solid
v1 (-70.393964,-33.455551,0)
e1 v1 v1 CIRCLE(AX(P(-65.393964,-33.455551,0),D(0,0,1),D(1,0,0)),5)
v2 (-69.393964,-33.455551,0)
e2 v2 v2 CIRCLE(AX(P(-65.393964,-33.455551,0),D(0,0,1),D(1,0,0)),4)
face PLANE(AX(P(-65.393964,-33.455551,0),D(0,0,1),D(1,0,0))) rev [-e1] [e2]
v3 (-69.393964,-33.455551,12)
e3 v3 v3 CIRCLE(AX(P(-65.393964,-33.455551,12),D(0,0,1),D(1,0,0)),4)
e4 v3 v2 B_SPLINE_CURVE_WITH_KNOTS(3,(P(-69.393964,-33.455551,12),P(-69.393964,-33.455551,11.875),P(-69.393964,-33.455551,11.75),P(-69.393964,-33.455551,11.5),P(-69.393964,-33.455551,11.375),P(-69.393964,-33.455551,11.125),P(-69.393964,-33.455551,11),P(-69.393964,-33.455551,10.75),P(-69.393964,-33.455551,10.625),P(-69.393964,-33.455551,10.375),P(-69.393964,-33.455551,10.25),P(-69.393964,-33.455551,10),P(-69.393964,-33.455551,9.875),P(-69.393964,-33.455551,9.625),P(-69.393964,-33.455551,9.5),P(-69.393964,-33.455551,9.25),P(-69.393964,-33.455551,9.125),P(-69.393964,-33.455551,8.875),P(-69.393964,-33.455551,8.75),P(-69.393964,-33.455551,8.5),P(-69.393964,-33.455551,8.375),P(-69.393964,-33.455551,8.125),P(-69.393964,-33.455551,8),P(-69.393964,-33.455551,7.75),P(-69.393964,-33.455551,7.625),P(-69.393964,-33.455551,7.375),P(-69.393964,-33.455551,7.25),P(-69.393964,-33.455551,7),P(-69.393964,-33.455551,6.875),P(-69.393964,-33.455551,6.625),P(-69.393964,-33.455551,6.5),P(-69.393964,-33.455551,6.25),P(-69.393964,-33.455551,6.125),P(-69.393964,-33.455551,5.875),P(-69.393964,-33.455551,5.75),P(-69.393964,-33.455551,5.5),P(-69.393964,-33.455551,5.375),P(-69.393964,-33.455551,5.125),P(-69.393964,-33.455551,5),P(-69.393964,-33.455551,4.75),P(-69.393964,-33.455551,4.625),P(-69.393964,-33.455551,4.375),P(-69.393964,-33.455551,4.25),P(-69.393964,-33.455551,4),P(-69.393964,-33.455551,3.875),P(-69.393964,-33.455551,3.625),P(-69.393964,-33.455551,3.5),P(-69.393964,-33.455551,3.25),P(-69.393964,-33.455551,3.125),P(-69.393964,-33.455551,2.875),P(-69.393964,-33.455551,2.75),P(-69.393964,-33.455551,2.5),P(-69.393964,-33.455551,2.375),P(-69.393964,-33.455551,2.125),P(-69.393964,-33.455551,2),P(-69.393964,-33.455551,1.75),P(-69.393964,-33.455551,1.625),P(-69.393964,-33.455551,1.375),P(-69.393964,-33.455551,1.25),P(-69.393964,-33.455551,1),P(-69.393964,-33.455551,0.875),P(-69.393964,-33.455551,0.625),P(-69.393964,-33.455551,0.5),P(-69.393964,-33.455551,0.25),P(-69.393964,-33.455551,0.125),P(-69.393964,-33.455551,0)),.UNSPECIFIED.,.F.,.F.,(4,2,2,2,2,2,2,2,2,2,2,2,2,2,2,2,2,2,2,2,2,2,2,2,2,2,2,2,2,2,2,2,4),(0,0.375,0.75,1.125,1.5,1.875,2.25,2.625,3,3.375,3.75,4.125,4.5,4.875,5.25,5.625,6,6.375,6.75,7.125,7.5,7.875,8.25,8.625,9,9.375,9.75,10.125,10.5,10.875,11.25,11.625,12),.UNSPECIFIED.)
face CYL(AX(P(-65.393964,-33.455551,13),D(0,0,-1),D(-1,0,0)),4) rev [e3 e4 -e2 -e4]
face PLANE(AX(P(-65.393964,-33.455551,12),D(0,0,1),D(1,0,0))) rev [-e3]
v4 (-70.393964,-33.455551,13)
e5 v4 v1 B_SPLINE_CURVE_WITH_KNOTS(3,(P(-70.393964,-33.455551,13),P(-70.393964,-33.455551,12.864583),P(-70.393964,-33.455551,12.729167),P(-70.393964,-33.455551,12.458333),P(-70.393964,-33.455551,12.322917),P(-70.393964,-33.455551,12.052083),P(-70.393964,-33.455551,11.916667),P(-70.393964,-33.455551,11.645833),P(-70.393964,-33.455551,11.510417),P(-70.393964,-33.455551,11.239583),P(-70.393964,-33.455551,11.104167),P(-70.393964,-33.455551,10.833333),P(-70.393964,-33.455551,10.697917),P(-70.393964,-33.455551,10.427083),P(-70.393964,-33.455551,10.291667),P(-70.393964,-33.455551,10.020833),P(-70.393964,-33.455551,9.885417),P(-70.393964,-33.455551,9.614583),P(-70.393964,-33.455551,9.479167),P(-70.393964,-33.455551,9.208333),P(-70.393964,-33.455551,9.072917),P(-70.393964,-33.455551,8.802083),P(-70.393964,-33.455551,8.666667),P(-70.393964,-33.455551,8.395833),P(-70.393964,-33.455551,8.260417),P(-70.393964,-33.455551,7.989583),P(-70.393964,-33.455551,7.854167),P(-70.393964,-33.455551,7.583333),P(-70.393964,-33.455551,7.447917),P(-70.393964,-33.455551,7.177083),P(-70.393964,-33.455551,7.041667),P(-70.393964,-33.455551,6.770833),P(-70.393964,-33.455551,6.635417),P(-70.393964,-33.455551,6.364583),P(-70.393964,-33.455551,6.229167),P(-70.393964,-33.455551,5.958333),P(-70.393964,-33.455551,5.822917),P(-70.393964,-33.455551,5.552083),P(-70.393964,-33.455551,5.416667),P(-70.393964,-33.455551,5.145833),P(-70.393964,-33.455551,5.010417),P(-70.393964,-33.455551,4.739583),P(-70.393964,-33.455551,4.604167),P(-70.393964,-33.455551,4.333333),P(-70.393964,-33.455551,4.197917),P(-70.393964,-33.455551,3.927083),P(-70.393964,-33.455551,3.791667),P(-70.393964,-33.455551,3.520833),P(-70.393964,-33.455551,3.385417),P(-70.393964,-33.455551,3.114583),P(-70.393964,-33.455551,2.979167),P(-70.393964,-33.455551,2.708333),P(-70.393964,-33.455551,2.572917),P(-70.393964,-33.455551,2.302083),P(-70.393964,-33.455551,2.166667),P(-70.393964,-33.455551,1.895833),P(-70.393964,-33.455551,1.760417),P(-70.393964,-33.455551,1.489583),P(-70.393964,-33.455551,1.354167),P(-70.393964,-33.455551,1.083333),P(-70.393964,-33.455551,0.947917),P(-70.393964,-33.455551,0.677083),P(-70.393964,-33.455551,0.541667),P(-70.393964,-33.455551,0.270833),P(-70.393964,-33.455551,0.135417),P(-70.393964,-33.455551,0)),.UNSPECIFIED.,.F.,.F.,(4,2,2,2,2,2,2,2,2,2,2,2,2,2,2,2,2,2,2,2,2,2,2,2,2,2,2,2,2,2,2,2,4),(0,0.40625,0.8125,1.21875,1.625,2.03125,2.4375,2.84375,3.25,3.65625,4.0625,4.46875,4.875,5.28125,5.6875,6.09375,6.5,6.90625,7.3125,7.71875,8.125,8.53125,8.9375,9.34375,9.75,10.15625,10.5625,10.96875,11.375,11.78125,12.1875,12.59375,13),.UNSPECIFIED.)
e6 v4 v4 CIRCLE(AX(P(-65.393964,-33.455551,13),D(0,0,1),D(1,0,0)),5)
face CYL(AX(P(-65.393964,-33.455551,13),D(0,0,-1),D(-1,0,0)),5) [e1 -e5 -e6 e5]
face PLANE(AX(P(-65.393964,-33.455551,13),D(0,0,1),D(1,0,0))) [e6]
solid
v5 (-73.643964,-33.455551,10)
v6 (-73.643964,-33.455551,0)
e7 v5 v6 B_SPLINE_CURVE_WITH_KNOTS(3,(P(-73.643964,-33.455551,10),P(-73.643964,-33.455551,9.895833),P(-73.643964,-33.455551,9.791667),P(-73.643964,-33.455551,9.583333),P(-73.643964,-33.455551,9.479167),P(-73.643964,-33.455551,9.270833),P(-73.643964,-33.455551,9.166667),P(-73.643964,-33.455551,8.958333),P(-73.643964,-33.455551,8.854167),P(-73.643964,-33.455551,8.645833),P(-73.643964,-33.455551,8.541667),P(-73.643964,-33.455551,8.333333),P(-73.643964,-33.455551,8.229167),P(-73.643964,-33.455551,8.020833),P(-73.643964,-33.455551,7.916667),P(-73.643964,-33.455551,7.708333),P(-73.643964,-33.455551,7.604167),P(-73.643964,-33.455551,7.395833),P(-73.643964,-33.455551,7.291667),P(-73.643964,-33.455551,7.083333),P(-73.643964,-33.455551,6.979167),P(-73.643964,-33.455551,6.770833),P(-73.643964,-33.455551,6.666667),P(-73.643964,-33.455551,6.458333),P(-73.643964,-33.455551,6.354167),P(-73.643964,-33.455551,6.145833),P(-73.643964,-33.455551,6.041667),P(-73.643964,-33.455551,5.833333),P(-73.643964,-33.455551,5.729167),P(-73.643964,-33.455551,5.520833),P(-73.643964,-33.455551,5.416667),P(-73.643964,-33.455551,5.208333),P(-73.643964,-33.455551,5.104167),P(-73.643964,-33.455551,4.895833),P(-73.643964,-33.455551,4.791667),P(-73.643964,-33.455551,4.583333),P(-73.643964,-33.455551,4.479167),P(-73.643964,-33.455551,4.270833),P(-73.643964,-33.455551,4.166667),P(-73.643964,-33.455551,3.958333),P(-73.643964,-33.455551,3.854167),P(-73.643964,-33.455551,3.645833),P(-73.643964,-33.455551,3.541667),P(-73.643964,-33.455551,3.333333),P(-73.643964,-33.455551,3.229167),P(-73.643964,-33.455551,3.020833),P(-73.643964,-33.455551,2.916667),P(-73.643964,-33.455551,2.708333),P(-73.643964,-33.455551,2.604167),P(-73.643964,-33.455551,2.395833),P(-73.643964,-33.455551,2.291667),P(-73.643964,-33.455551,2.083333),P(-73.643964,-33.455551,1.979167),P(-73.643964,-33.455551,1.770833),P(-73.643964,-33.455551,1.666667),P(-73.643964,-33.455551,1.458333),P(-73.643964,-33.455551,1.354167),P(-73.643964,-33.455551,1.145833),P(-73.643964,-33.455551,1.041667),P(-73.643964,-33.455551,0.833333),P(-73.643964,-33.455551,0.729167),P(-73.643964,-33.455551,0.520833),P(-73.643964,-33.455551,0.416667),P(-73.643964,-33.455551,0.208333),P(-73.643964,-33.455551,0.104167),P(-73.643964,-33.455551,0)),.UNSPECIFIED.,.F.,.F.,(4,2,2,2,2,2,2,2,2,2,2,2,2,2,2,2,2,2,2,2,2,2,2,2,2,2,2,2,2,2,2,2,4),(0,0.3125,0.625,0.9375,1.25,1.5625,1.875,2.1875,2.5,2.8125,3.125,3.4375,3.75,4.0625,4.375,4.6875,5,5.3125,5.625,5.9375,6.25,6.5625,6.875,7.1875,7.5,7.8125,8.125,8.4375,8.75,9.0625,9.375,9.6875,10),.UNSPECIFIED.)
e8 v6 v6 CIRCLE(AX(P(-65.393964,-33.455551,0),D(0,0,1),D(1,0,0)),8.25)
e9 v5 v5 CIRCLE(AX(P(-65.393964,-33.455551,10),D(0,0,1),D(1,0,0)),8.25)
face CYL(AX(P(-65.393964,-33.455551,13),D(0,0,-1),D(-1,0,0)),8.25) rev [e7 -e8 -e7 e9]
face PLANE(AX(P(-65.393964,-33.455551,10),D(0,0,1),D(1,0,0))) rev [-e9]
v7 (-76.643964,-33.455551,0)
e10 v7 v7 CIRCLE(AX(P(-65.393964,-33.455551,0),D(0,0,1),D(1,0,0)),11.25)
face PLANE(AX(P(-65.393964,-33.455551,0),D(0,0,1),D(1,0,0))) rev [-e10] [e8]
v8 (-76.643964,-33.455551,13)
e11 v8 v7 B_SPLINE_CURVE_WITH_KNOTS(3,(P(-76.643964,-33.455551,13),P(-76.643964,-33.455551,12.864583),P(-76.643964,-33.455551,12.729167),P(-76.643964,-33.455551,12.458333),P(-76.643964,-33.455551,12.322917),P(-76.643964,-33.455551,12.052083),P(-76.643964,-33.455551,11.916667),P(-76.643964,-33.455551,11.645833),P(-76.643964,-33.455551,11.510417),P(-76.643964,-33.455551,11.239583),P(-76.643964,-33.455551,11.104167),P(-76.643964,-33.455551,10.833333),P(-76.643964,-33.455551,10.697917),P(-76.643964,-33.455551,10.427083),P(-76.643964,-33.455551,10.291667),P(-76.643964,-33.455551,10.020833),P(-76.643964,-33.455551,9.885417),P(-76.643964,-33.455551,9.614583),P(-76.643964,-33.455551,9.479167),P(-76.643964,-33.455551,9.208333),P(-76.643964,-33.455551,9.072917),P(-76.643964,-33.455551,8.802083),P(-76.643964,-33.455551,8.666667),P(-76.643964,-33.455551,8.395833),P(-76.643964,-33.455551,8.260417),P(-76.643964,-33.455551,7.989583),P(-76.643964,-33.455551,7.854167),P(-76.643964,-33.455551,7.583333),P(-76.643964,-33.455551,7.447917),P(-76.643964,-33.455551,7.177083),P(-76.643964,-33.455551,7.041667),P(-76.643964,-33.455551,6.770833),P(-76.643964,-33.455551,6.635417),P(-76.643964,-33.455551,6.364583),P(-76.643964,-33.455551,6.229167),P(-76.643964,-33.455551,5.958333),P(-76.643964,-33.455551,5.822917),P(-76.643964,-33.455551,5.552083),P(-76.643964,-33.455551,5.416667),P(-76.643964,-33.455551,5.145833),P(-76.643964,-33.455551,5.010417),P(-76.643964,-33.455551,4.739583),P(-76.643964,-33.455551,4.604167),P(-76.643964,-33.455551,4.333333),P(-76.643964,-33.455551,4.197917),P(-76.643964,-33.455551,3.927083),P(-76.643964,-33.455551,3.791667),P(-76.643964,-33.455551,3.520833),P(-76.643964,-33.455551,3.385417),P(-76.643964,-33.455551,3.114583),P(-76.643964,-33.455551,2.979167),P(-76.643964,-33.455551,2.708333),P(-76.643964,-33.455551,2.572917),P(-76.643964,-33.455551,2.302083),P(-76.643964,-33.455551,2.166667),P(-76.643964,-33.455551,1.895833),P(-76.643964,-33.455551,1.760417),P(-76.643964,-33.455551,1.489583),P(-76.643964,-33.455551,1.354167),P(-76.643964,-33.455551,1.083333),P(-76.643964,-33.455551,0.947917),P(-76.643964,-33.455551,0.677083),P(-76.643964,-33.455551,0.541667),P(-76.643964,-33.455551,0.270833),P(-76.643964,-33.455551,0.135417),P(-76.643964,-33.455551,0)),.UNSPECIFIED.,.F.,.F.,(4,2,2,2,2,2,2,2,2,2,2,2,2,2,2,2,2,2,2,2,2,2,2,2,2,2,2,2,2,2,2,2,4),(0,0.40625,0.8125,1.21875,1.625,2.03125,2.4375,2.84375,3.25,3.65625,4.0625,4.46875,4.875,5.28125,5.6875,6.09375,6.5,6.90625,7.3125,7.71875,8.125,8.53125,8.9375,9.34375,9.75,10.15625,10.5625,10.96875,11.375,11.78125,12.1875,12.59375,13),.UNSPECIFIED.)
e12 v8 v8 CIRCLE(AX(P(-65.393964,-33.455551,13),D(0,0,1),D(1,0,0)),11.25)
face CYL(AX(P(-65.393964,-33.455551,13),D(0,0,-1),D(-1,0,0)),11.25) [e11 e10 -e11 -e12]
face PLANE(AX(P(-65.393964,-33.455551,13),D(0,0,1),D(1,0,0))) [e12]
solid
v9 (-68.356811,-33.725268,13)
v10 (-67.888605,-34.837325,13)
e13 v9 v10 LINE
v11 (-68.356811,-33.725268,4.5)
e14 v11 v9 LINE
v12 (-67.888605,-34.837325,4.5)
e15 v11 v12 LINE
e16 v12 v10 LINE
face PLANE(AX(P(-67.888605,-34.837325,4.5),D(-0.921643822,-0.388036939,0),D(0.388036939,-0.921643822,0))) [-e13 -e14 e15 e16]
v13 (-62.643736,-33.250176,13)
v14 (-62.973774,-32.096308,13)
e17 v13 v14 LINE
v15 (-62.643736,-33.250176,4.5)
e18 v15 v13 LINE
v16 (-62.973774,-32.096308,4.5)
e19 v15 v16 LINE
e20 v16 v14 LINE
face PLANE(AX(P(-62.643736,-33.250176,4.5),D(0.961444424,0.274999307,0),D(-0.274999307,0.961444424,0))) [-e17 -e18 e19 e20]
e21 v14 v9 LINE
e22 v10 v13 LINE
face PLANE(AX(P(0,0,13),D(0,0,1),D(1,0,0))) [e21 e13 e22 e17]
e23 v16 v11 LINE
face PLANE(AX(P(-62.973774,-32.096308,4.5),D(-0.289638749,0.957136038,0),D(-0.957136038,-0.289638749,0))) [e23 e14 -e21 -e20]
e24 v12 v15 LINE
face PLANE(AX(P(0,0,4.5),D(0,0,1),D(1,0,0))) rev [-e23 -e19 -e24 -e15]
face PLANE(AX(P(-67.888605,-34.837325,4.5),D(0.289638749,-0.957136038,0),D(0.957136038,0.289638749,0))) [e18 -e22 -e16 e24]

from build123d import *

# Parameters (mm, degrees)
SKETCH1_R           = 11.25
BOSS_EXTRUDE1_DEPTH = 13
SHELL1_T            = -3
SKETCH2_R           = 5
BOSS_EXTRUDE2_DEPTH = 13
SHELL2_T            = -1
BOSS_EXTRUDE3_DEPTH = 8.5


with BuildPart() as part:
    # Sketch1 → Boss-Extrude1 (new body)
    with BuildSketch(Plane.XY):
        with Locations(Location((-65.393963614, -33.455551364, 0), (0, 0, 180))):
            Circle(SKETCH1_R)
    extrude(amount=BOSS_EXTRUDE1_DEPTH)

    # Shell1
    shell1_openings = [part.faces().sort_by_distance(p)[0] for p in [
        (-65.393963614, -33.455551364, 0),
    ]]
    offset(amount=SHELL1_T, openings=shell1_openings, kind=Kind.INTERSECTION)


with BuildPart() as body_2:
    # Sketch2 → Boss-Extrude2 (new body)
    with BuildSketch(Plane.XY):
        with Locations(Location((-65.393963614, -33.455551364, 0), (0, 0, 180))):
            Circle(SKETCH2_R)
    extrude(amount=BOSS_EXTRUDE2_DEPTH)

    # Shell2
    shell2_openings = [body_2.faces().sort_by_distance(p)[0] for p in [
        (-65.393963614, -33.455551364, 0),
    ]]
    offset(amount=SHELL2_T, openings=shell2_openings, kind=Kind.INTERSECTION)


with BuildPart() as body_3:
    # Sketch4 → Boss-Extrude3 (new body)
    with BuildSketch(Plane.XY.offset(13)):
        Polygon((-67.888605191, -34.837324501), (-62.643736407, -33.250175785), (-62.973774004, -32.096308122), (-68.356811049, -33.725267908), align=None)
    extrude(amount=-BOSS_EXTRUDE3_DEPTH)


solid = Compound([part.part, body_2.part, body_3.part])
